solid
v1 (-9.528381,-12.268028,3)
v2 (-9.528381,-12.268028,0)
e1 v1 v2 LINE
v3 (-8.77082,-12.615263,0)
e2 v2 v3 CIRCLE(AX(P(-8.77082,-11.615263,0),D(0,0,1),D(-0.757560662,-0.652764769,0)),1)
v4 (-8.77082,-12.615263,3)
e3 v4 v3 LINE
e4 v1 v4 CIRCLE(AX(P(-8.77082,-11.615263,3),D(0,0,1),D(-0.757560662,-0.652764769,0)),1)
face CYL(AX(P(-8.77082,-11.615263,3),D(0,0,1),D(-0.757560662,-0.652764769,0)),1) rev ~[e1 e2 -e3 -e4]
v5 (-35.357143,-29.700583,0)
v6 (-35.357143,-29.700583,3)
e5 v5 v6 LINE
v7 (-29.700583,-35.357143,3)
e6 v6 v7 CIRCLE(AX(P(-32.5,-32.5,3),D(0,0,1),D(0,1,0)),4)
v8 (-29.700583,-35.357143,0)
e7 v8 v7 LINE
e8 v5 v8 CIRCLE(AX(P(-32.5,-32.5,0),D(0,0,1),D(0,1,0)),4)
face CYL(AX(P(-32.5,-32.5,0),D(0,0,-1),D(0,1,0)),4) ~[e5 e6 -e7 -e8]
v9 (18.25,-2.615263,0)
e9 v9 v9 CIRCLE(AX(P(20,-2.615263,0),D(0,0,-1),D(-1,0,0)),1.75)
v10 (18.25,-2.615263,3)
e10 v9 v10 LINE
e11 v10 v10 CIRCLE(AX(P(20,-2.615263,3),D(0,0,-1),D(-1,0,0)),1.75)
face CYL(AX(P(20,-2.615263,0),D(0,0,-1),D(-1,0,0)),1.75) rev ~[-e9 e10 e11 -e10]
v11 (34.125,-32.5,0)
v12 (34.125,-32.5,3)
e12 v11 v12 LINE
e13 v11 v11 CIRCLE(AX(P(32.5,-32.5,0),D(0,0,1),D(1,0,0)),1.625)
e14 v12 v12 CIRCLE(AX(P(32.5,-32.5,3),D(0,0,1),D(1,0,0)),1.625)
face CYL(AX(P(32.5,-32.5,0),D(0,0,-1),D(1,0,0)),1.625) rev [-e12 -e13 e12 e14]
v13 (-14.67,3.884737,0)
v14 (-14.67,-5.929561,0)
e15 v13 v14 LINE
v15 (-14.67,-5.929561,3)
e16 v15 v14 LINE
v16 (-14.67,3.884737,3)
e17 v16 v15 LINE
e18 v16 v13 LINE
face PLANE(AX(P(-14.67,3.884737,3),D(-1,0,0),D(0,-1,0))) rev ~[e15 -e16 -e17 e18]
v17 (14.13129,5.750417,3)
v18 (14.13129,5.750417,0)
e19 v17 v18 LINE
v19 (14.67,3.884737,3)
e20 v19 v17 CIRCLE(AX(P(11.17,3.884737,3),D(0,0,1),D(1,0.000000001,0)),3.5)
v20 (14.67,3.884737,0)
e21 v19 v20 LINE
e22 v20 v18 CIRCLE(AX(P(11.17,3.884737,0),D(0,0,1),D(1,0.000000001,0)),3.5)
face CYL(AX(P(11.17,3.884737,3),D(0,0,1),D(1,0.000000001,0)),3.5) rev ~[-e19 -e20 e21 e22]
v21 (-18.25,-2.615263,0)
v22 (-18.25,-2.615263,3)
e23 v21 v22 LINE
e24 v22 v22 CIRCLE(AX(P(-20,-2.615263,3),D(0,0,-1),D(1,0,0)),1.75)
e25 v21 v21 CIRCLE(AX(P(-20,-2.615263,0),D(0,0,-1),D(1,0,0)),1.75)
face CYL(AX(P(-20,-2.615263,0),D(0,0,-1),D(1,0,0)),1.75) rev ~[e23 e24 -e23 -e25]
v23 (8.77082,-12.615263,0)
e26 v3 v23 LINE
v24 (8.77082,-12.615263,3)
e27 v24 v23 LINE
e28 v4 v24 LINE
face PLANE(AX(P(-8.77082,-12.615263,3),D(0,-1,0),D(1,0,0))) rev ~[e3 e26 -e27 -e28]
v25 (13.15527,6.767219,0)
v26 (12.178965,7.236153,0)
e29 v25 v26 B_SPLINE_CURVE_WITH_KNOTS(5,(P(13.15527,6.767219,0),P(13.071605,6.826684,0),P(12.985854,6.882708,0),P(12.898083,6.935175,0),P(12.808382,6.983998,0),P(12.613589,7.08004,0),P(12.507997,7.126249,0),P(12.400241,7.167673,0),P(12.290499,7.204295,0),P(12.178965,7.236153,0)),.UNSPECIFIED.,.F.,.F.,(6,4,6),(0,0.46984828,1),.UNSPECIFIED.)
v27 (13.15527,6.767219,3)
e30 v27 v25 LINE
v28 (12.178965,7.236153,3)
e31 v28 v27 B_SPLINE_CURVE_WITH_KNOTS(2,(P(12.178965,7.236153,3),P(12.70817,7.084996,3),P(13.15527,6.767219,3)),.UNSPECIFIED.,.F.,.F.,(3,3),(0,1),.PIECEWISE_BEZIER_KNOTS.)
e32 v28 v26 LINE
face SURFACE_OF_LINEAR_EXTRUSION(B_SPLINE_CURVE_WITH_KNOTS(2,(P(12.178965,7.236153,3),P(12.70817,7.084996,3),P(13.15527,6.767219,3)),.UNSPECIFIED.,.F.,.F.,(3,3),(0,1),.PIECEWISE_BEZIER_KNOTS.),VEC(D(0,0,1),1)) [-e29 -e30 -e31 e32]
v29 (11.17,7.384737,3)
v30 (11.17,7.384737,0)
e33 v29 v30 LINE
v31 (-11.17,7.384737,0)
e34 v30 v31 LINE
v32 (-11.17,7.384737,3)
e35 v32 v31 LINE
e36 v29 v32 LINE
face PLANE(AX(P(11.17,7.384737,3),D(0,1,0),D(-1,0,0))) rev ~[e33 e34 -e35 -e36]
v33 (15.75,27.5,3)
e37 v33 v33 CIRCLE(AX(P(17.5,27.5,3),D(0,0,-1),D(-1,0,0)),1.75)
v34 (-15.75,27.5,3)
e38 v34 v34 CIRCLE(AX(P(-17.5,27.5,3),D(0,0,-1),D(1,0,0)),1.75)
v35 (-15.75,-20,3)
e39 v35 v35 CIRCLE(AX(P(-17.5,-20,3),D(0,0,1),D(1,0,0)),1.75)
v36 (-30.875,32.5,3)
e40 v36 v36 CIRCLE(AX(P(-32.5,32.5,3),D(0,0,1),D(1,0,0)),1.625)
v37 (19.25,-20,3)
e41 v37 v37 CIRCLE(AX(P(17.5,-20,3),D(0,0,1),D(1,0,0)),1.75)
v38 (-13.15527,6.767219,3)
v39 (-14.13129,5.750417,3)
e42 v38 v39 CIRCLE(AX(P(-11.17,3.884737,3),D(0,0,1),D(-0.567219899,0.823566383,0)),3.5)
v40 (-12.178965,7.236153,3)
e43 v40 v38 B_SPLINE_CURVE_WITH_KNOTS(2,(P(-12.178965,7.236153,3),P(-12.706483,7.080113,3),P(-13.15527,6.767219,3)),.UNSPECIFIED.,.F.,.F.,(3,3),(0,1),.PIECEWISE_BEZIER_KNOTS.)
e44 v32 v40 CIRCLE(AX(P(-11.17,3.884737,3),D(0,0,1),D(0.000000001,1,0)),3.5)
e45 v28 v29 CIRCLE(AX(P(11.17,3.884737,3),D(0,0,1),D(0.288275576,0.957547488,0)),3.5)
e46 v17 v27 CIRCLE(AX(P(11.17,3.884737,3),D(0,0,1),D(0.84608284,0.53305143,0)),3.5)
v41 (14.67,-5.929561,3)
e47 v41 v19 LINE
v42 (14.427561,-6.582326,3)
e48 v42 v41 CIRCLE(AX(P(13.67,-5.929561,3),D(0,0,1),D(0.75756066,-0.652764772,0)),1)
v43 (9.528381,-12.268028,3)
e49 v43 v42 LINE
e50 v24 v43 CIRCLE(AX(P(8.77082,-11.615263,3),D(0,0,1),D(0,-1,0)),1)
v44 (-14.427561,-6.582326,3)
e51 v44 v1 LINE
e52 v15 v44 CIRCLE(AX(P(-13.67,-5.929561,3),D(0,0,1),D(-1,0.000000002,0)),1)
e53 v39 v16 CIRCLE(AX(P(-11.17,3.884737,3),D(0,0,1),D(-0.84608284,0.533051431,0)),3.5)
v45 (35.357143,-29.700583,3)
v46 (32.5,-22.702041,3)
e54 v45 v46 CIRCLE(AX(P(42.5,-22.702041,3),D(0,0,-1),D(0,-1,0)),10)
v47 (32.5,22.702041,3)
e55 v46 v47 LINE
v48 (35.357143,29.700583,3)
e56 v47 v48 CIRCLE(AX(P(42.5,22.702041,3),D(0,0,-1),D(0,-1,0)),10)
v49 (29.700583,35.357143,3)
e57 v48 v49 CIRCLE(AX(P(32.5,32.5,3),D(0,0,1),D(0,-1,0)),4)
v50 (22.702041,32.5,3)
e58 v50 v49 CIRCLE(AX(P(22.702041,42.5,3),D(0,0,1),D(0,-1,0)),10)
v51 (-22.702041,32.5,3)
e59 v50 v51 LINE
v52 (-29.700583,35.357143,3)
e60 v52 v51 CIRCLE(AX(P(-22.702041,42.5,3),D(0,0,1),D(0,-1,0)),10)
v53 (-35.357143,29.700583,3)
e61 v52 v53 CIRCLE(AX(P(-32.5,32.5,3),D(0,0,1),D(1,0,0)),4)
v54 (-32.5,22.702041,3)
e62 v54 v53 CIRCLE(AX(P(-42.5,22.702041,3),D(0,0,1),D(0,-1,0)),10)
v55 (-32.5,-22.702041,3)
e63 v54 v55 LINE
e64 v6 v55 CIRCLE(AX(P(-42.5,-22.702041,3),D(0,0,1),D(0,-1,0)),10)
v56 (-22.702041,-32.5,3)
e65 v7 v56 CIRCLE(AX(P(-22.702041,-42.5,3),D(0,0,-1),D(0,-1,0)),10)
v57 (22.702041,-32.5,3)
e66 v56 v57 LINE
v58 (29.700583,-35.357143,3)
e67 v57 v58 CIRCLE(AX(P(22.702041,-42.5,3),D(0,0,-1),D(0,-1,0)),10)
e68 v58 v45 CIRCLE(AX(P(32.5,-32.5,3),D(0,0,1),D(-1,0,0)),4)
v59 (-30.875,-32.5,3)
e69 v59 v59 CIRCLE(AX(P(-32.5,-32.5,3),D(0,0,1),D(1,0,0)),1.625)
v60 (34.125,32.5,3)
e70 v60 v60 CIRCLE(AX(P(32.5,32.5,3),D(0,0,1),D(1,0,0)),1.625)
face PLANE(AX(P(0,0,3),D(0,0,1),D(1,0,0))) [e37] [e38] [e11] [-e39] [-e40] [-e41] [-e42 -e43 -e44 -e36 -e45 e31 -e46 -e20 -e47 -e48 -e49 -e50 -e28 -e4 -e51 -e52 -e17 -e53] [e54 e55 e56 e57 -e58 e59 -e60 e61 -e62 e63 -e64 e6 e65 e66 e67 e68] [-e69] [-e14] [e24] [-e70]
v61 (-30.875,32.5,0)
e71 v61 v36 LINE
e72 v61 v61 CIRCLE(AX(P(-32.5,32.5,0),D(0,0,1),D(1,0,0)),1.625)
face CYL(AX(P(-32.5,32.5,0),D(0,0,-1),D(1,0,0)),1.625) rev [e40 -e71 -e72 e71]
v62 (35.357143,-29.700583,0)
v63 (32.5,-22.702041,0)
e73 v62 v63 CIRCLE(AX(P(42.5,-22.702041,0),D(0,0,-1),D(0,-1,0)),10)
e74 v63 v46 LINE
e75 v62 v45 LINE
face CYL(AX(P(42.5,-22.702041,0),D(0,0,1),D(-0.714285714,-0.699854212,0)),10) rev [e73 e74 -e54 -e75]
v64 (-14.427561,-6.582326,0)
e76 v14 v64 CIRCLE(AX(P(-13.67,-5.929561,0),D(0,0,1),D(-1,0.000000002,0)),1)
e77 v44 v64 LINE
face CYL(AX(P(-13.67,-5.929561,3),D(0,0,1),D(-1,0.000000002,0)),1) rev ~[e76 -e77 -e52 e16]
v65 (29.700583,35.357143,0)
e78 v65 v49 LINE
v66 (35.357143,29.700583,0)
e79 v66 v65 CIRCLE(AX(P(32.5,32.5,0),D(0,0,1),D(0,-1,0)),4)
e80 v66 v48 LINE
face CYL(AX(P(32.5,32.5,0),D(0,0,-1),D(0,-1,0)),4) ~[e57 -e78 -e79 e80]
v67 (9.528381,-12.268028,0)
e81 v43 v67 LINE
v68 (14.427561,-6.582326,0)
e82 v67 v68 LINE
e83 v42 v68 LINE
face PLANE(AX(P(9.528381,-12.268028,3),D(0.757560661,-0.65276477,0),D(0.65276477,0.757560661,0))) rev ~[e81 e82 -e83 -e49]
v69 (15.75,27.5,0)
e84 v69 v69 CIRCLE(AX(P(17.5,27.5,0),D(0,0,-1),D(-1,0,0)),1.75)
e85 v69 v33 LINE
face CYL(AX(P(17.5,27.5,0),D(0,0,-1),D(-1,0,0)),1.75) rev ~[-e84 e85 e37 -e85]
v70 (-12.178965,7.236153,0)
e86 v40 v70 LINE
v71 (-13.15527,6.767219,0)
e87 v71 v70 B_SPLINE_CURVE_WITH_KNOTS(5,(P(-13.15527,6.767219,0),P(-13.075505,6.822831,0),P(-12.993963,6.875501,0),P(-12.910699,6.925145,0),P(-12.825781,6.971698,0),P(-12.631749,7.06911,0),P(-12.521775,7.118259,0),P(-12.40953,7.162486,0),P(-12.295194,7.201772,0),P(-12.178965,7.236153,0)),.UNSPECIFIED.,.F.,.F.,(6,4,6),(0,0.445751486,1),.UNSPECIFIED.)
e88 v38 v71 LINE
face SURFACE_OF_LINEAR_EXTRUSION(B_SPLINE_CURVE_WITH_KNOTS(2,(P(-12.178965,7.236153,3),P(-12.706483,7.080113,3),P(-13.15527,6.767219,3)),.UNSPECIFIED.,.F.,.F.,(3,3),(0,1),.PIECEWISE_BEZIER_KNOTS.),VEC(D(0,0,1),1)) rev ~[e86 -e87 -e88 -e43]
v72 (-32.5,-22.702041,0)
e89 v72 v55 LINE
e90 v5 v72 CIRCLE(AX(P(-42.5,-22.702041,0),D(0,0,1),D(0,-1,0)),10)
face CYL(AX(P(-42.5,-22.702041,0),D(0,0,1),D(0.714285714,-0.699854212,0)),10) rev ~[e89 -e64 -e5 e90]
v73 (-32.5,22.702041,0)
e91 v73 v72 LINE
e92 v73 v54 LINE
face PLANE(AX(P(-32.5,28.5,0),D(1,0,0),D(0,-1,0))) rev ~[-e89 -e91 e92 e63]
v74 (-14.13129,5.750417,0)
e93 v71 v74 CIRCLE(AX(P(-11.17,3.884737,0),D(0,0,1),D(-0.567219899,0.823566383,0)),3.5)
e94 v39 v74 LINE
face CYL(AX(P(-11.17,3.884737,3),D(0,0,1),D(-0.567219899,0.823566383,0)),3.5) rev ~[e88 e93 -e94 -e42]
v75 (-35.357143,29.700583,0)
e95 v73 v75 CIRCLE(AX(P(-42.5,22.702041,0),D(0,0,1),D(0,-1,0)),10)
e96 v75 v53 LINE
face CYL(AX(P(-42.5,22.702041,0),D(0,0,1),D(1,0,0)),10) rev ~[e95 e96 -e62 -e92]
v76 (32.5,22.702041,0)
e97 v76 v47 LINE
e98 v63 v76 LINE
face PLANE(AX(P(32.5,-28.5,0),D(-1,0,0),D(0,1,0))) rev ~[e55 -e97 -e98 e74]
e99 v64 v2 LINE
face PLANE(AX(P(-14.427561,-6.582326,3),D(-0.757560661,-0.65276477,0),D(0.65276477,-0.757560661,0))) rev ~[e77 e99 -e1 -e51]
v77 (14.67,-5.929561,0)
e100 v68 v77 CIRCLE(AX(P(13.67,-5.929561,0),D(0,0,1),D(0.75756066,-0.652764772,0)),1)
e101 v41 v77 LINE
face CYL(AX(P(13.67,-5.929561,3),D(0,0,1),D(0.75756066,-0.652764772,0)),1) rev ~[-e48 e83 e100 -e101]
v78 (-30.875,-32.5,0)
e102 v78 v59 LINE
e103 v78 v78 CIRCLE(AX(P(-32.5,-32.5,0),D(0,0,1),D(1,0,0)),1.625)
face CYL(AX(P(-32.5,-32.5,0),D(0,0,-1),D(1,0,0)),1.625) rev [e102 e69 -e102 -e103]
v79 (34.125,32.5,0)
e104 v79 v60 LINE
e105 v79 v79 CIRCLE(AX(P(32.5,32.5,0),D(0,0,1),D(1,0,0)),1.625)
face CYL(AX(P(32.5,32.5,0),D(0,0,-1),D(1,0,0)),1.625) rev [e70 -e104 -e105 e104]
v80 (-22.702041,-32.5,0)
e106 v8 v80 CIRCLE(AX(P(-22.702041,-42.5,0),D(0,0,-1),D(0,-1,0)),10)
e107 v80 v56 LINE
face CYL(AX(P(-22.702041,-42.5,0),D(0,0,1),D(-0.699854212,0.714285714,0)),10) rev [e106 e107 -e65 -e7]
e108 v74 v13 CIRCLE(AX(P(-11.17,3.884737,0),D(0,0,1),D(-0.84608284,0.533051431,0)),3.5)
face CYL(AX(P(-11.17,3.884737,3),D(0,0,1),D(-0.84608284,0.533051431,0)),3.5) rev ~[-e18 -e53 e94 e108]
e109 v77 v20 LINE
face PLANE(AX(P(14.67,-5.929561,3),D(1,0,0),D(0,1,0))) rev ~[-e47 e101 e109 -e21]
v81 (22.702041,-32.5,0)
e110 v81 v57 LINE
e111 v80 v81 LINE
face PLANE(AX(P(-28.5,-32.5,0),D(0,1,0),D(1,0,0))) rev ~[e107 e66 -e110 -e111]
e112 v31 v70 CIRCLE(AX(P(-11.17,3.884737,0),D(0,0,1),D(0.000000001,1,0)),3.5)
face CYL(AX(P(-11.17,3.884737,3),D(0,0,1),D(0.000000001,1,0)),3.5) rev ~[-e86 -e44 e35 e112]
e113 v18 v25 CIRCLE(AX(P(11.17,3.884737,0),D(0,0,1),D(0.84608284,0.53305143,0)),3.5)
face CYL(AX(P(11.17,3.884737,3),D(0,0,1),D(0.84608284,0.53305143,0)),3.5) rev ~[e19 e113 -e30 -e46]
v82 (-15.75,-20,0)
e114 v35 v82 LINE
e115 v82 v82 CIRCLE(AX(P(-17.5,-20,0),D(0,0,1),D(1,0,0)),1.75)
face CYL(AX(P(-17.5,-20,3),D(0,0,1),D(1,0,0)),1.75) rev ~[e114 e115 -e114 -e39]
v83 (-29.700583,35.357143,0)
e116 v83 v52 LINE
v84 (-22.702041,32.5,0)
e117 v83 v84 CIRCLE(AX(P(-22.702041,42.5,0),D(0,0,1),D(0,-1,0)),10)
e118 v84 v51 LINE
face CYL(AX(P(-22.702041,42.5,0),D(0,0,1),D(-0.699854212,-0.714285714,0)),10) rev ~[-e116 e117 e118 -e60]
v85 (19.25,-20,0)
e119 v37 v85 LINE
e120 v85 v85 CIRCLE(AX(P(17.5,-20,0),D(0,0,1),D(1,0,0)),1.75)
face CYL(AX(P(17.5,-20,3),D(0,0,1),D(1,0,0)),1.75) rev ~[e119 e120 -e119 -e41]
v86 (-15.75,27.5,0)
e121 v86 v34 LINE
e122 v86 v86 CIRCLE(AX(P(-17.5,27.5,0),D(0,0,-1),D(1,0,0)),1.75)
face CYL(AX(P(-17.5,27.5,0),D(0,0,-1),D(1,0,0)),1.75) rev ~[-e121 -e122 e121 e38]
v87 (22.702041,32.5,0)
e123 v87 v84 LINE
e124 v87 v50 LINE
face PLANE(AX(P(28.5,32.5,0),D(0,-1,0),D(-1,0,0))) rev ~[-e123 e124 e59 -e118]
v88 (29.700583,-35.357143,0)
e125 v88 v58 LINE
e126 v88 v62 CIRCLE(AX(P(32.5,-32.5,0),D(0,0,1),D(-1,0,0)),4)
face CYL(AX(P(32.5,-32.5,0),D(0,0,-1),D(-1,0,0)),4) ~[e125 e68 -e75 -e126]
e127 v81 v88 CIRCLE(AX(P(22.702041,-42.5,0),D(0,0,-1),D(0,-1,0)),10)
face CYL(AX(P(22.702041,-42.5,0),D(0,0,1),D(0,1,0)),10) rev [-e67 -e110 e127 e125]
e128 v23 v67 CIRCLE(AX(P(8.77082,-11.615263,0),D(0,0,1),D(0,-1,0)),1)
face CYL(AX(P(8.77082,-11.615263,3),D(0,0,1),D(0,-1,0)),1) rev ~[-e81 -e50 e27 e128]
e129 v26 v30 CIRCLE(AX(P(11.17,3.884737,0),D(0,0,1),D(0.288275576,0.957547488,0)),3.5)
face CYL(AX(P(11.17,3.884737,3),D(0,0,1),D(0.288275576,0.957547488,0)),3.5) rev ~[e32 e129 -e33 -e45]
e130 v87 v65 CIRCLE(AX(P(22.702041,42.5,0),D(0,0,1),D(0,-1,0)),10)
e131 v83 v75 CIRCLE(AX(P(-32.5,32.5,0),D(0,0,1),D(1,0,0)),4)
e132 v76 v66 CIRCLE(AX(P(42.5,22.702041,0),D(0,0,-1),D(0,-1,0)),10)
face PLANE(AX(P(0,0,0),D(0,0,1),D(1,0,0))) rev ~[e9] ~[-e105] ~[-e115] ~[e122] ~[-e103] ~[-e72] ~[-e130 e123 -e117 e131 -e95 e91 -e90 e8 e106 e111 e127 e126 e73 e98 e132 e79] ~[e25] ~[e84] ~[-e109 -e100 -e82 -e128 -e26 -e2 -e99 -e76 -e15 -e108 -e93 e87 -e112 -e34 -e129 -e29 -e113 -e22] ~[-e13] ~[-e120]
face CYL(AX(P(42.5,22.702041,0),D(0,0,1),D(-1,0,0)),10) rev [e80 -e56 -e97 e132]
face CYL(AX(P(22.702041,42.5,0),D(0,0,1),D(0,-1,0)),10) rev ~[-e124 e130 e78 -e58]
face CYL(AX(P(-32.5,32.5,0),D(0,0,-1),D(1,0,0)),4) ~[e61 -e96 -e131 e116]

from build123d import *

# Parameters (mm, degrees)
SKETCH_1_R          = 1.625
EXTRUDE_1_DEPTH     = 3
FILLET_1_R          = 10
SKETCH_3_R          = 1.75
CUT_EXTRUDE_1_DEPTH = 10
SKETCH_4_R          = 1.75
CUT_EXTRUDE_2_DEPTH = 10
SKETCH_5_R          = 1.75
CUT_EXTRUDE_3_DEPTH = 10
CUT_EXTRUDE_5_DEPTH = 10


with BuildPart() as part:
    # Эскиз1 → Бобышка-Вытянуть1 (new body)
    with BuildSketch(Plane.XY):
        with BuildLine():
            ThreePointArc((-32.5, -28.5), (-35.328427125, -35.328427125), (-28.5, -32.5))
            Line((-28.5, -32.5), (28.5, -32.5))
            ThreePointArc((28.5, -32.5), (35.328427125, -35.328427125), (32.5, -28.5))
            Line((32.5, -28.5), (32.5, 28.5))
            ThreePointArc((32.5, 28.5), (35.328427125, 35.328427125), (28.5, 32.5))
            Line((28.5, 32.5), (-28.5, 32.5))
            ThreePointArc((-28.5, 32.5), (-35.328427125, 35.328427125), (-32.5, 28.5))
            Line((-32.5, 28.5), (-32.5, -28.5))
        make_face()
        with Locations((-32.5, -32.5)):
            Circle(SKETCH_1_R, mode=Mode.SUBTRACT)
        with Locations((32.5, 32.5)):
            Circle(SKETCH_1_R, mode=Mode.SUBTRACT)
        with Locations((-32.5, 32.5)):
            Circle(SKETCH_1_R, mode=Mode.SUBTRACT)
        with Locations((32.5, -32.5)):
            Circle(SKETCH_1_R, mode=Mode.SUBTRACT)
    extrude(amount=EXTRUDE_1_DEPTH)

    # Скругление1
    fillet_1_edges = [part.edges().sort_by_distance(p)[0] for p in [
        (-32.5, -28.5, 1.5),
        (-32.5, 28.5, 1.5),
        (-28.5, 32.5, 1.5),
        (28.5, 32.5, 1.5),
        (32.5, 28.5, 1.5),
        (32.5, -28.5, 1.5),
        (28.5, -32.5, 1.5),
        (-28.5, -32.5, 1.5),
    ]]
    fillet(fillet_1_edges, radius=FILLET_1_R)

    # Эскиз3 → Вырез-Вытянуть1 (cut)
    with BuildSketch(Plane(origin=(0, 0, 0), x_dir=(-1, 0, 0), z_dir=(0, 0, -1))):
        with Locations((-17.5, 27.5)):
            Circle(SKETCH_3_R)
        with Locations(Location((17.5, 27.5, 0), (0, 0, 180))):
            Circle(SKETCH_3_R)
    extrude(amount=-CUT_EXTRUDE_1_DEPTH, mode=Mode.SUBTRACT)

    # Эскиз4 → Вырез-Вытянуть2 (cut)
    with BuildSketch(Plane(origin=(0, 0, 0), x_dir=(-1, 0, 0), z_dir=(0, 0, -1))):
        with Locations((-20, -2.615263412)):
            Circle(SKETCH_4_R)
        with Locations(Location((20, -2.615263412, 0), (0, 0, 180))):
            Circle(SKETCH_4_R)
    extrude(amount=-CUT_EXTRUDE_2_DEPTH, mode=Mode.SUBTRACT)

    # Эскиз5 → Вырез-Вытянуть3 (cut)
    with BuildSketch(Plane.XY.offset(3)):
        with Locations((-17.5, -20)):
            Circle(SKETCH_5_R)
        with Locations((17.5, -20)):
            Circle(SKETCH_5_R)
    extrude(amount=-CUT_EXTRUDE_3_DEPTH, mode=Mode.SUBTRACT)

    # Эскиз6 → Вырез-Вытянуть5 (cut)
    with BuildSketch(Plane.XY.offset(3)):
        with BuildLine():
            ThreePointArc((-14.17, 3.884736588), (-13.825652378, 5.280268906), (-12.871659701, 6.355435733))
            Line((-12.871659701, 6.355435733), (-14.131289938, 5.750416599))
            ThreePointArc((-14.131289938, 5.750416599), (-14.532626561, 4.855685922), (-14.67, 3.884736588))
            Line((-14.67, 3.884736588), (-14.67, -5.929561494))
            ThreePointArc((-14.67, -5.929561494), (-14.607432841, -6.277727646), (-14.427560661, -6.582326264))
            Line((-14.427560661, -6.582326264), (-9.528380842, -12.268028181))
            ThreePointArc((-9.528380842, -12.268028181), (-9.187494653, -12.524319177), (-8.770820181, -12.615263412))
            Line((-8.770820181, -12.615263412), (8.770820181, -12.615263412))
            ThreePointArc((8.770820181, -12.615263412), (9.187494653, -12.524319177), (9.528380842, -12.268028181))
            Line((9.528380842, -12.268028181), (14.427560661, -6.582326264))
            ThreePointArc((14.427560661, -6.582326264), (14.607432841, -6.277727646), (14.67, -5.929561494))
            Line((14.67, -5.929561494), (14.67, 3.884736588))
            ThreePointArc((14.67, 3.884736588), (14.532626561, 4.855685922), (14.131289938, 5.750416599))
            Line((14.131289938, 5.750416599), (12.871659701, 6.355435733))
            ThreePointArc((12.871659701, 6.355435733), (13.825652378, 5.280268906), (14.17, 3.884736588))
            Line((14.17, 3.884736588), (14.17, -5.929561494))
            ThreePointArc((14.17, -5.929561494), (14.13871642, -6.10364457), (14.048780331, -6.255943879))
            Line((14.048780331, -6.255943879), (9.149600512, -11.941645796))
            ThreePointArc((9.149600512, -11.941645796), (8.979157417, -12.069791294), (8.770820181, -12.115263412))
            Line((8.770820181, -12.115263412), (-8.770820181, -12.115263412))
            ThreePointArc((-8.770820181, -12.115263412), (-8.979157417, -12.069791294), (-9.149600512, -11.941645796))
            Line((-9.149600512, -11.941645796), (-14.048780331, -6.255943879))
            ThreePointArc((-14.048780331, -6.255943879), (-14.13871642, -6.10364457), (-14.17, -5.929561494))
            Line((-14.17, -5.929561494), (-14.17, 3.884736588))
        make_face()
        with BuildLine():
            Line((11.17, 7.384736588), (10.728688662, 7.384736588))
            Line((10.728688662, 7.384736588), (12.034826728, 6.757379053))
            ThreePointArc((12.034826728, 6.757379053), (12.468885198, 6.588973494), (12.871659701, 6.355435733))
            Line((12.871659701, 6.355435733), (14.131289938, 5.750416599))
            ThreePointArc((14.131289938, 5.750416599), (13.694992017, 6.308455903), (13.155269651, 6.767218923))
            add(Edge.make_bspline(
                [(12.178964517, 7.236152797), (12.708169697, 7.084996084), (13.155269651, 6.767218923)],
                knots=[0, 0, 0, 1, 1, 1], degree=2))
            ThreePointArc((12.178964517, 7.236152797), (11.679923165, 7.347391403), (11.17, 7.384736588))
        make_face()
        with BuildLine():
            Line((-10.728688662, 7.384736588), (-12.034826728, 6.757379053))
            ThreePointArc((-12.034826728, 6.757379053), (-11.607076999, 6.85272643), (-11.17, 6.884736588))
            Line((-11.17, 6.884736588), (11.17, 6.884736588))
            ThreePointArc((11.17, 6.884736588), (11.607076999, 6.85272643), (12.034826728, 6.757379053))
            Line((12.034826728, 6.757379053), (10.728688662, 7.384736588))
            Line((10.728688662, 7.384736588), (-10.728688662, 7.384736588))
        make_face()
        with BuildLine():
            Line((-14.131289938, 5.750416599), (-12.871659701, 6.355435733))
            ThreePointArc((-12.871659701, 6.355435733), (-12.468885198, 6.588973494), (-12.034826728, 6.757379053))
            Line((-12.034826728, 6.757379053), (-10.728688662, 7.384736588))
            Line((-10.728688662, 7.384736588), (-11.17, 7.384736588))
            ThreePointArc((-11.17, 7.384736588), (-11.679923165, 7.347391403), (-12.178964517, 7.236152797))
            add(Edge.make_bspline(
                [(-12.178964517, 7.236152797), (-12.706483, 7.080112966), (-13.155269651, 6.767218923)],
                knots=[0, 0, 0, 1, 1, 1], degree=2))
            ThreePointArc((-13.155269651, 6.767218923), (-13.694992017, 6.308455903), (-14.131289938, 5.750416599))
        make_face()
    extrude(amount=-CUT_EXTRUDE_5_DEPTH, mode=Mode.SUBTRACT)


with BuildPart() as body_2:
    # of the pieces the cut leaves, the one that is kept (cut_extrude_5_keep)
    add(part.part.solids().sort_by_distance((-32.5, 22.702041029, 0))[0])


solid = body_2.part
